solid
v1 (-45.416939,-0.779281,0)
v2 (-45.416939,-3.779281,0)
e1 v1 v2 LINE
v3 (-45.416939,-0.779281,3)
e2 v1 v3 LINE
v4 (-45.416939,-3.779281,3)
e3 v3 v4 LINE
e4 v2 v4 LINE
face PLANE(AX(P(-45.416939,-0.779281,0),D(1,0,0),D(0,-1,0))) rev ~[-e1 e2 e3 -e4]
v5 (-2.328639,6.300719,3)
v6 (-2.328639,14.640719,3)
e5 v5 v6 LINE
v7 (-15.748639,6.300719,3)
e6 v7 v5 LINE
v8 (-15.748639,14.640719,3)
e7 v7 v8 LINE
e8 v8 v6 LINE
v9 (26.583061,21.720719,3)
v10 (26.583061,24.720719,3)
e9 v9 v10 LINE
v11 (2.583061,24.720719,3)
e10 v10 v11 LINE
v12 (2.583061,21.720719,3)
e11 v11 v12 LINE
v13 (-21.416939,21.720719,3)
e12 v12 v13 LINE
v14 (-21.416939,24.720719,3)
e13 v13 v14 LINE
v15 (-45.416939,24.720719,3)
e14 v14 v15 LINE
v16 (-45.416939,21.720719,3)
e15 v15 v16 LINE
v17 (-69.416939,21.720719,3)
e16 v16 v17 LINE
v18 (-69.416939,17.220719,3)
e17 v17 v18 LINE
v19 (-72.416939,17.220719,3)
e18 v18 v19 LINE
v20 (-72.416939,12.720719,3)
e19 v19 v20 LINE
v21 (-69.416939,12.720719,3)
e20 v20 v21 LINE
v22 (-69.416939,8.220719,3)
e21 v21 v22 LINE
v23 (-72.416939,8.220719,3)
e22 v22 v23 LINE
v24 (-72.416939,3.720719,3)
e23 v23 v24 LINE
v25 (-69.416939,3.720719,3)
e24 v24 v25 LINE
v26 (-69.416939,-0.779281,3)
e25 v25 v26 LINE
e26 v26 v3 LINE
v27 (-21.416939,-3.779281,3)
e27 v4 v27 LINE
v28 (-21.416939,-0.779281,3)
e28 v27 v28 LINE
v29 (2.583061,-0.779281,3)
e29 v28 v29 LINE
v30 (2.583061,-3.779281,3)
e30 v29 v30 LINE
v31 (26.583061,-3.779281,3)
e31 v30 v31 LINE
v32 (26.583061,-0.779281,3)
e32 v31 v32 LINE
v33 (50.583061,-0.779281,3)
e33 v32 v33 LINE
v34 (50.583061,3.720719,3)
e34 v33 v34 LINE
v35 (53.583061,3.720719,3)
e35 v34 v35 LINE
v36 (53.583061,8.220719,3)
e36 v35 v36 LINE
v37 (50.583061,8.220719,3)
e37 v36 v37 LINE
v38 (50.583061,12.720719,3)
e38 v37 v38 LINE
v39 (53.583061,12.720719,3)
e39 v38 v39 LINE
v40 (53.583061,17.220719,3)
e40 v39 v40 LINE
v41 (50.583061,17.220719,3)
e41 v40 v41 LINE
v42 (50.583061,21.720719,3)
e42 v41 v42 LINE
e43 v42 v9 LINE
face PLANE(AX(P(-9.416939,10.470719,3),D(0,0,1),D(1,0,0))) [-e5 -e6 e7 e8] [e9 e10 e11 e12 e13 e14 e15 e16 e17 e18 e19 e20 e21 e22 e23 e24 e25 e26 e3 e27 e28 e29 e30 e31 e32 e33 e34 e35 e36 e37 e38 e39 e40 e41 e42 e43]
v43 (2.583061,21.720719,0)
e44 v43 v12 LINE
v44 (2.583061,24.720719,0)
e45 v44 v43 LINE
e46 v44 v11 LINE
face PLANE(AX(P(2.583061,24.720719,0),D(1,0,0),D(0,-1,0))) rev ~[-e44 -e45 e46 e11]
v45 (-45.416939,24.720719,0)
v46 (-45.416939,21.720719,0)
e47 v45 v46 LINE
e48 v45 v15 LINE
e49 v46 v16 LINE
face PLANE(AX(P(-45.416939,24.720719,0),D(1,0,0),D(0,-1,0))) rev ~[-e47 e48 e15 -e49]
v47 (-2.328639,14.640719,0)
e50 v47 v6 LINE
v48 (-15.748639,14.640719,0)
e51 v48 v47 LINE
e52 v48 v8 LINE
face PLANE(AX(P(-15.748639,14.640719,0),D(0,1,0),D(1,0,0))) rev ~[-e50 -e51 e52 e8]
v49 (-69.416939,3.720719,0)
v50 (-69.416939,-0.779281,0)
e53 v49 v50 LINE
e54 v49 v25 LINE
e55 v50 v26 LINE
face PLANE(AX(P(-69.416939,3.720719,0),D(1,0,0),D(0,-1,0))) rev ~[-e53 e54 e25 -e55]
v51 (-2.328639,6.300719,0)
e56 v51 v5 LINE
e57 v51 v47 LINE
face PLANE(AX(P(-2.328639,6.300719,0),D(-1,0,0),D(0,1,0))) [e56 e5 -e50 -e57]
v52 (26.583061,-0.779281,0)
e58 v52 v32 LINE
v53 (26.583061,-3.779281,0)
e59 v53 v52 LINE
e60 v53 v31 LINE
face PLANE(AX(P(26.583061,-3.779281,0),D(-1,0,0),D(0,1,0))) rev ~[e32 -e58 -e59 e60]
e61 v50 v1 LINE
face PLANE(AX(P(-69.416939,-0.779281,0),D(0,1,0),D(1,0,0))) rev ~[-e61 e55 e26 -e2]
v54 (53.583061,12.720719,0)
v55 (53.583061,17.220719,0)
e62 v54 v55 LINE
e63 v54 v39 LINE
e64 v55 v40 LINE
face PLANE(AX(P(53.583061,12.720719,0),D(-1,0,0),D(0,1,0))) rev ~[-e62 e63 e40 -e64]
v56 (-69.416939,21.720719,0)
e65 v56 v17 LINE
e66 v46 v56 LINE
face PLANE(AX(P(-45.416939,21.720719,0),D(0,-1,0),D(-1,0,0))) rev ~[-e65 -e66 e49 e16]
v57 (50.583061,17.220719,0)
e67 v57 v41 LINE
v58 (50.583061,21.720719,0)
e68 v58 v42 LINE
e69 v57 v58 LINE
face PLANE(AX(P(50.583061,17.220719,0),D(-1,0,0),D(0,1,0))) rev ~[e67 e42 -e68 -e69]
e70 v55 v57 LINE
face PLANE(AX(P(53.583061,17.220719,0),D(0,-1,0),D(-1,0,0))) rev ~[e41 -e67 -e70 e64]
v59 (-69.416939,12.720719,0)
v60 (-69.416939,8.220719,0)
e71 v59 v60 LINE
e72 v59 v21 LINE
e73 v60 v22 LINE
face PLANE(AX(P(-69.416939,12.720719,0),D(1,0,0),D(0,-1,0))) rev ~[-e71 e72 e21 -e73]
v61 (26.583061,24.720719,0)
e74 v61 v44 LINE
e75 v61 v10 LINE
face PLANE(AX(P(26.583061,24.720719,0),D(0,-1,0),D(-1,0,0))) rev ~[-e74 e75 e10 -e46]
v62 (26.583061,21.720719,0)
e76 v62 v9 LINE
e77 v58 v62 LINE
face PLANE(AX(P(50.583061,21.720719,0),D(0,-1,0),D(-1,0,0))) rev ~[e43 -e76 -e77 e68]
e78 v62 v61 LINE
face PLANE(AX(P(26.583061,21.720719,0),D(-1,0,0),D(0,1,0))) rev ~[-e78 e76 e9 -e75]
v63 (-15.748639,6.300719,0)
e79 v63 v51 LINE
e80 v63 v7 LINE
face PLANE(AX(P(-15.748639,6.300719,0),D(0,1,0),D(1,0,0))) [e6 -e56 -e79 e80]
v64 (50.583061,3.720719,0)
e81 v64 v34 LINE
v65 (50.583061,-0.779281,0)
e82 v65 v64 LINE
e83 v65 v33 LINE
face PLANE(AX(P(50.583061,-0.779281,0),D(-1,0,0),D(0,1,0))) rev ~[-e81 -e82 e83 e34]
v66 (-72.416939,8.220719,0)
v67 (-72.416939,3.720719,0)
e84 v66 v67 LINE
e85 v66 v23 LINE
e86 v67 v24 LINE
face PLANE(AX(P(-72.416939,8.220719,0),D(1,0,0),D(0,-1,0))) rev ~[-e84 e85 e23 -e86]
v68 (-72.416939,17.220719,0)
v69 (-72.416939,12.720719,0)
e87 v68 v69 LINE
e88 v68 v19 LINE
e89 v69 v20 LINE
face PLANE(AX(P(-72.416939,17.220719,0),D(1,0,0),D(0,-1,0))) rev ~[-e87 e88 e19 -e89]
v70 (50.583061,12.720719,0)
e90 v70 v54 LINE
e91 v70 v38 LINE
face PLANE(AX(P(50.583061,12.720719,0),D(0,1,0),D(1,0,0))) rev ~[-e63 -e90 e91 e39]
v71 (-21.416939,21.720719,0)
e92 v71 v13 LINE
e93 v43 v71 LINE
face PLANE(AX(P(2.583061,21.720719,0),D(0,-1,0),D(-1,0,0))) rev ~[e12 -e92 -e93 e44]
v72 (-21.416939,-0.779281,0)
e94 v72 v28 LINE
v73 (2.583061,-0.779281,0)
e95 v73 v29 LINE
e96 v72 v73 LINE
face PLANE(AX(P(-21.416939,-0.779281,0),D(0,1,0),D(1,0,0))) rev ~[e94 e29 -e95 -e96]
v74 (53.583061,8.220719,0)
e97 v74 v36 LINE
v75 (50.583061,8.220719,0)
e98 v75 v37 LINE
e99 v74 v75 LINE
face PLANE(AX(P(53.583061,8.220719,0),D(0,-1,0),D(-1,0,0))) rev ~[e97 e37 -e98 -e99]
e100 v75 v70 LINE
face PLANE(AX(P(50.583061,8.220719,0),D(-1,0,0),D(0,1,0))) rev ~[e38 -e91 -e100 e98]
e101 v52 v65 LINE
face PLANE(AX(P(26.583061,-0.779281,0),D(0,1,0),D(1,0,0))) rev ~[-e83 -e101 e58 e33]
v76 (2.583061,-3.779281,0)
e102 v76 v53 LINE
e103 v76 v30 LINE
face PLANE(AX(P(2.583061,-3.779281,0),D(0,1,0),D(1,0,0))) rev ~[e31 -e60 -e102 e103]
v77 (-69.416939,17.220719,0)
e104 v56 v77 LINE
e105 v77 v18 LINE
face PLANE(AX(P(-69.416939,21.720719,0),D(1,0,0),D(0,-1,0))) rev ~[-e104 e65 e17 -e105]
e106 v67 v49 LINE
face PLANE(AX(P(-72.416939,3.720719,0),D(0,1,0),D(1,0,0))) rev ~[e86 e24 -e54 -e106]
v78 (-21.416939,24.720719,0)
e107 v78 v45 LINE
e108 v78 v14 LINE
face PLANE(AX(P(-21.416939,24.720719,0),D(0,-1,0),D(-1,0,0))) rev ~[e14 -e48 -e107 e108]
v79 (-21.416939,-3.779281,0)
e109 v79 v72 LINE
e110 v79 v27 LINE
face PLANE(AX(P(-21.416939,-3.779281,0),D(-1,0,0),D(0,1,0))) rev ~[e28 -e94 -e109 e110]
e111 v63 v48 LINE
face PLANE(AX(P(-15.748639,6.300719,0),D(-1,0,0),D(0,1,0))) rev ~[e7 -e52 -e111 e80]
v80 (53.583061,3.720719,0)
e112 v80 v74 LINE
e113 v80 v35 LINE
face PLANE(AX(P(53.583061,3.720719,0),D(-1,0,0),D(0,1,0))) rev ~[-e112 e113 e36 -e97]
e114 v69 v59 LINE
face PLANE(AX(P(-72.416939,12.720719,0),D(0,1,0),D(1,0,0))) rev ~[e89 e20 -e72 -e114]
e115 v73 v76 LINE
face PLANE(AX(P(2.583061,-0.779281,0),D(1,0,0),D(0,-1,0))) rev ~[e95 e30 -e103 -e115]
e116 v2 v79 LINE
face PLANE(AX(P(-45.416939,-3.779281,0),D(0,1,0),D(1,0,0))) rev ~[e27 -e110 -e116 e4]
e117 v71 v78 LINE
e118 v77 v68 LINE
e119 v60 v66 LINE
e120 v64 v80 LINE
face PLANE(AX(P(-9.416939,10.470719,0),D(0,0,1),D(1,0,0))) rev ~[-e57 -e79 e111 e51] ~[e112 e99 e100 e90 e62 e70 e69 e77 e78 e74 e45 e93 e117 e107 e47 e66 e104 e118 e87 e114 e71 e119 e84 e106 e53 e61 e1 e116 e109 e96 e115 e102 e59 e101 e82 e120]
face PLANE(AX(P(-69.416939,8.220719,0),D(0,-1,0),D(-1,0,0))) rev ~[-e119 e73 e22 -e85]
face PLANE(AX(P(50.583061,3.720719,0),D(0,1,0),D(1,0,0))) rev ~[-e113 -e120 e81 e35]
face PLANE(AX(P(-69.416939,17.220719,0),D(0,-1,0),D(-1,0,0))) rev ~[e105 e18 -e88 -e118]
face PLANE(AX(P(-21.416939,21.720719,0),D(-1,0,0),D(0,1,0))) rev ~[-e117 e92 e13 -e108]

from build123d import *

# Parameters (mm, degrees)
SKETCH1_W           = 13.42
SKETCH1_H           = 8.34
BOSS_EXTRUDE1_DEPTH = 3


with BuildPart() as part:
    # Sketch1 → Boss-Extrude1 (new body)
    with BuildSketch(Plane.XY):
        Polygon((-69.416939444, 21.72071936), (-69.416939444, 17.22071936), (-72.416939444, 17.22071936), (-72.416939444, 12.72071936), (-69.416939444, 12.72071936), (-69.416939444, 8.22071936), (-72.416939444, 8.22071936), (-72.416939444, 3.72071936), (-69.416939444, 3.72071936), (-69.416939444, -0.77928064), (-45.416939444, -0.77928064), (-45.416939444, -3.77928064), (-21.416939444, -3.77928064), (-21.416939444, -0.77928064), (2.583060556, -0.77928064), (2.583060556, -3.77928064), (26.583060556, -3.77928064), (26.583060556, -0.77928064), (50.583060556, -0.77928064), (50.583060556, 3.72071936), (53.583060556, 3.72071936), (53.583060556, 8.22071936), (50.583060556, 8.22071936), (50.583060556, 12.72071936), (53.583060556, 12.72071936), (53.583060556, 17.22071936), (50.583060556, 17.22071936), (50.583060556, 21.72071936), (26.583060556, 21.72071936), (26.583060556, 24.72071936), (2.583060556, 24.72071936), (2.583060556, 21.72071936), (-21.416939444, 21.72071936), (-21.416939444, 24.72071936), (-45.416939444, 24.72071936), (-45.416939444, 21.72071936), align=None)
        with Locations((-9.038639097, 10.47071936)):
            Rectangle(SKETCH1_W, SKETCH1_H, mode=Mode.SUBTRACT)
    extrude(amount=BOSS_EXTRUDE1_DEPTH)


solid = part.part
